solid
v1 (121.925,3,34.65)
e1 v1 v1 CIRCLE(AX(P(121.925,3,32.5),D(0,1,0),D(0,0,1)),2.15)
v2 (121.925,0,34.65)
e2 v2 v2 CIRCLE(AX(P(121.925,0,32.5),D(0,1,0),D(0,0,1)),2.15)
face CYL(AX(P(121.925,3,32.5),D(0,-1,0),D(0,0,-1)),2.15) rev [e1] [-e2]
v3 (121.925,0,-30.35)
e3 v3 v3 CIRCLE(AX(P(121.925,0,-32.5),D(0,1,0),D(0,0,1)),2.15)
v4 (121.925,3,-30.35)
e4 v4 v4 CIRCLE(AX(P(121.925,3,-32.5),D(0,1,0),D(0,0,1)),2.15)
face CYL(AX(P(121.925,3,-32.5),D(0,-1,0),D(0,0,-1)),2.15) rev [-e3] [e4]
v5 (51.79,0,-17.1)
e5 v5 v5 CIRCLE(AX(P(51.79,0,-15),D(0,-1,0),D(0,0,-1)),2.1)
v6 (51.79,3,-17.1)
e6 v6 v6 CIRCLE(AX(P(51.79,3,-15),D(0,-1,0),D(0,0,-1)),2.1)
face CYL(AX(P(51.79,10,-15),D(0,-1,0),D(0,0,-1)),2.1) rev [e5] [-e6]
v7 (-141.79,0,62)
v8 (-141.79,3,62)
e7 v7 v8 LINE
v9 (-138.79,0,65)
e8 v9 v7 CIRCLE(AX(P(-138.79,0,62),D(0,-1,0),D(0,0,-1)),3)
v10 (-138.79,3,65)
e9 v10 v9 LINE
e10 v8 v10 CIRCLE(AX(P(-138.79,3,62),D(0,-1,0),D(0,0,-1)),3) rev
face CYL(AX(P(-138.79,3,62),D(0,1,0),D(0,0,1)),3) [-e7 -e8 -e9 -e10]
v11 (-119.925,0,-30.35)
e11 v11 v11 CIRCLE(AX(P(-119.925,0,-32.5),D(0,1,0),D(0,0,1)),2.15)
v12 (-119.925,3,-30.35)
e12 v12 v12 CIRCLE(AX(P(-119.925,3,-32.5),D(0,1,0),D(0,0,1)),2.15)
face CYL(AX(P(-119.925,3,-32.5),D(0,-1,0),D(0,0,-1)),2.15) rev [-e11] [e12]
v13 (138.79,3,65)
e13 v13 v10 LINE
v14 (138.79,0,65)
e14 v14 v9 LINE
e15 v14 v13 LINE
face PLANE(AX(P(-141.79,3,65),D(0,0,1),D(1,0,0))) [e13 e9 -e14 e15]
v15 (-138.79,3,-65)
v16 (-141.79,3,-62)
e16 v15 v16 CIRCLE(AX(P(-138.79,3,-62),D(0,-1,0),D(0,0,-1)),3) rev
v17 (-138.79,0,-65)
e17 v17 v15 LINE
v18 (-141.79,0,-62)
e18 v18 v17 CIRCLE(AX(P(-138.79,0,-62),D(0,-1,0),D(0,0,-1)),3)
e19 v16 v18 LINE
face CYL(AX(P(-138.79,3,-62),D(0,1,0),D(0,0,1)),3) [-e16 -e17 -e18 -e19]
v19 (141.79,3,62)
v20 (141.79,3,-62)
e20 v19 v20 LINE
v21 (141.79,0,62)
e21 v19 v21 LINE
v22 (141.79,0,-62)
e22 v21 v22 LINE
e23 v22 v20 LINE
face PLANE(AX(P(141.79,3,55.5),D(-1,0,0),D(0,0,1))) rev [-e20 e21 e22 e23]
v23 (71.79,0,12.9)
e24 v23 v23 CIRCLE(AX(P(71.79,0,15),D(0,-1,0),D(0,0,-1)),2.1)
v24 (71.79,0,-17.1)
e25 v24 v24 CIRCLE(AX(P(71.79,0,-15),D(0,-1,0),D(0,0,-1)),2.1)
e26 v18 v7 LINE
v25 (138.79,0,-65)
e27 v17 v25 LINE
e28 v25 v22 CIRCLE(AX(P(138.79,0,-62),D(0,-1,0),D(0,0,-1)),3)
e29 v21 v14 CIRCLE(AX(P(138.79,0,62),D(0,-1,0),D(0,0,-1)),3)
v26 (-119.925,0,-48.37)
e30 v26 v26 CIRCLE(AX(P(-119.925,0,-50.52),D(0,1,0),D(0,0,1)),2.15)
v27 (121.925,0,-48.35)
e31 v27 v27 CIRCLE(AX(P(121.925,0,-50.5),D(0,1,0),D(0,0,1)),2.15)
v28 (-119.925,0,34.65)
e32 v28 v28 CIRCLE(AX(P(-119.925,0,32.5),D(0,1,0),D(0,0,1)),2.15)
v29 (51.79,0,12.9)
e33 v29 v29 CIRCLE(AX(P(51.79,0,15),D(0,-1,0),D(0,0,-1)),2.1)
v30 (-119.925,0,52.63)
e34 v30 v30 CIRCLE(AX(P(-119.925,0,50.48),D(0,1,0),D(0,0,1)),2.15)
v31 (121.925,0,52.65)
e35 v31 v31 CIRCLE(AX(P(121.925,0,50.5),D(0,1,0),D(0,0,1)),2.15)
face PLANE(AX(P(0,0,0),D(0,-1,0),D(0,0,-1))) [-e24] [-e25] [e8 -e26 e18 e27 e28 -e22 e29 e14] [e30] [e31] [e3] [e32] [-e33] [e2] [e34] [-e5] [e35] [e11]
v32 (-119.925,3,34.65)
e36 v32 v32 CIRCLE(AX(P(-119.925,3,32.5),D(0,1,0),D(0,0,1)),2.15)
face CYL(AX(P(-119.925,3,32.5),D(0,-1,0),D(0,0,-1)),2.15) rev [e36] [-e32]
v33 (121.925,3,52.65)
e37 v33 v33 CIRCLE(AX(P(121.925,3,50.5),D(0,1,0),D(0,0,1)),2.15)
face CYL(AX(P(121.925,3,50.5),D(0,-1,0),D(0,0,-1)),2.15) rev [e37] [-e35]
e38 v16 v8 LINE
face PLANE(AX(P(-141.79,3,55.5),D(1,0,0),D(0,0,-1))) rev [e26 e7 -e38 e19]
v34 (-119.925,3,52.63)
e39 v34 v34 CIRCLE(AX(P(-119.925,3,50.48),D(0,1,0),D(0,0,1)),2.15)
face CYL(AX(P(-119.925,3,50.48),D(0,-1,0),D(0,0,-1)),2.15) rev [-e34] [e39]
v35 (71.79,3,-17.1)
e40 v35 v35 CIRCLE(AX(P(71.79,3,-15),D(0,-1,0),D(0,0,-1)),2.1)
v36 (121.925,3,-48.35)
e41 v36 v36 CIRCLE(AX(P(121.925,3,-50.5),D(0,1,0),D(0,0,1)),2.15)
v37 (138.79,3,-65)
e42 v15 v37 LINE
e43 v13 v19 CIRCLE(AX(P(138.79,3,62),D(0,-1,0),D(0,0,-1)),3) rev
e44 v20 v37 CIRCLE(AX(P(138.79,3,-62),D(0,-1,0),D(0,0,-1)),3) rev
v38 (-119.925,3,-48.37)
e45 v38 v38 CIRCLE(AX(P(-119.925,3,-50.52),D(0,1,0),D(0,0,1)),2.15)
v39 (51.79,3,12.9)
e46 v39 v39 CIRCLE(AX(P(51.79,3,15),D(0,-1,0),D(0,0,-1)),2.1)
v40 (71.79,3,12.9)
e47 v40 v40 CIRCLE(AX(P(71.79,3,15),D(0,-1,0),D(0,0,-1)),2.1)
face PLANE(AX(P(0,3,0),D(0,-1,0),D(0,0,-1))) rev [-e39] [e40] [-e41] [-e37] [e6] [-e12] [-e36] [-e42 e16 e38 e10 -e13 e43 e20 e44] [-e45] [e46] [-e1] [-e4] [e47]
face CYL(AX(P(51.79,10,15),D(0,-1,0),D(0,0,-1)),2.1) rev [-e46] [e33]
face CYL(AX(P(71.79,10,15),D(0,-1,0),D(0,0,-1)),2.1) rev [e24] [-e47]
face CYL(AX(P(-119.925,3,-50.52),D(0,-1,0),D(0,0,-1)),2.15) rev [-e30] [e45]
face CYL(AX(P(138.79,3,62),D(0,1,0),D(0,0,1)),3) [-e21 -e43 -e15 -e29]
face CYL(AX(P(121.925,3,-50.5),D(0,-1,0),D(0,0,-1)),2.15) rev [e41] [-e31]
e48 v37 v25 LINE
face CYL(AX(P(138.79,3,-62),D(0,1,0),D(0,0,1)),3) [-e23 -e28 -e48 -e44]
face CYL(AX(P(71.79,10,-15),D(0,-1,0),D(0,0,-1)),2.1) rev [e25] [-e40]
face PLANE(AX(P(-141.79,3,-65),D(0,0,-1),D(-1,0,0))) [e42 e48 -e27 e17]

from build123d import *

# Parameters (mm, degrees)
SKETCH_1_W          = 283.58
SKETCH_1_H          = 111
SKETCH_1_R          = 2.15
EXTRUDE_1_DEPTH     = 3
SKETCH_2_W          = 283.58
SKETCH_2_H          = 9.5
EXTRUDE_2_DEPTH     = 3
FILLET_1_R          = 3
SKETCH_3_R          = 2.1
CUT_EXTRUDE_1_DEPTH = 10


with BuildPart() as part:
    # 草图1 → 凸台-拉伸1 (new body)
    with BuildSketch(Plane(origin=(0, 0, 0), x_dir=(1, 0, 0), z_dir=(0, 1, 0))):
        Rectangle(SKETCH_1_W, SKETCH_1_H)
        with Locations(Location((121.925, 50.5, 0), (0, 0, 270))):
            Circle(SKETCH_1_R, mode=Mode.SUBTRACT)
        with Locations(Location((121.925, 32.5, 0), (0, 0, 270))):
            Circle(SKETCH_1_R, mode=Mode.SUBTRACT)
        with Locations(Location((121.925, -32.5, 0), (0, 0, 270))):
            Circle(SKETCH_1_R, mode=Mode.SUBTRACT)
        with Locations(Location((121.925, -50.5, 0), (0, 0, 270))):
            Circle(SKETCH_1_R, mode=Mode.SUBTRACT)
        with Locations(Location((-119.925, 50.52, 0), (0, 0, 270))):
            Circle(SKETCH_1_R, mode=Mode.SUBTRACT)
        with Locations(Location((-119.925, 32.5, 0), (0, 0, 270))):
            Circle(SKETCH_1_R, mode=Mode.SUBTRACT)
        with Locations(Location((-119.925, -32.5, 0), (0, 0, 270))):
            Circle(SKETCH_1_R, mode=Mode.SUBTRACT)
        with Locations(Location((-119.925, -50.48, 0), (0, 0, 270))):
            Circle(SKETCH_1_R, mode=Mode.SUBTRACT)
    extrude(amount=EXTRUDE_1_DEPTH)

    # 草图2 → 凸台-拉伸2 (add)
    with BuildSketch(Plane(origin=(0, 0, 0), x_dir=(-1, 0, 0), z_dir=(0, -1, 0))):
        with Locations((0, -60.25)):
            Rectangle(SKETCH_2_W, SKETCH_2_H)
        with Locations((0, 60.25)):
            Rectangle(SKETCH_2_W, SKETCH_2_H)
    extrude(amount=-EXTRUDE_2_DEPTH)

    # 圆角1
    fillet_1_edges = [part.edges().sort_by_distance(p)[0] for p in [
        (-141.79, 1.5, 65),
        (141.79, 1.5, 65),
        (-141.79, 1.5, -65),
        (141.79, 1.5, -65),
    ]]
    fillet(fillet_1_edges, radius=FILLET_1_R)

    # 草图3 → 切除-拉伸1 (cut)
    with BuildSketch(Plane(origin=(0, 0, 0), x_dir=(-1, 0, 0), z_dir=(0, -1, 0))):
        with Locations(Location((-71.79, -15, 0), (0, 0, 90))):
            Circle(SKETCH_3_R)
        with Locations(Location((-51.79, -15, 0), (0, 0, 90))):
            Circle(SKETCH_3_R)
        with Locations(Location((-51.79, 15, 0), (0, 0, 90))):
            Circle(SKETCH_3_R)
        with Locations(Location((-71.79, 15, 0), (0, 0, 90))):
            Circle(SKETCH_3_R)
    extrude(amount=-CUT_EXTRUDE_1_DEPTH, mode=Mode.SUBTRACT)


solid = part.part
